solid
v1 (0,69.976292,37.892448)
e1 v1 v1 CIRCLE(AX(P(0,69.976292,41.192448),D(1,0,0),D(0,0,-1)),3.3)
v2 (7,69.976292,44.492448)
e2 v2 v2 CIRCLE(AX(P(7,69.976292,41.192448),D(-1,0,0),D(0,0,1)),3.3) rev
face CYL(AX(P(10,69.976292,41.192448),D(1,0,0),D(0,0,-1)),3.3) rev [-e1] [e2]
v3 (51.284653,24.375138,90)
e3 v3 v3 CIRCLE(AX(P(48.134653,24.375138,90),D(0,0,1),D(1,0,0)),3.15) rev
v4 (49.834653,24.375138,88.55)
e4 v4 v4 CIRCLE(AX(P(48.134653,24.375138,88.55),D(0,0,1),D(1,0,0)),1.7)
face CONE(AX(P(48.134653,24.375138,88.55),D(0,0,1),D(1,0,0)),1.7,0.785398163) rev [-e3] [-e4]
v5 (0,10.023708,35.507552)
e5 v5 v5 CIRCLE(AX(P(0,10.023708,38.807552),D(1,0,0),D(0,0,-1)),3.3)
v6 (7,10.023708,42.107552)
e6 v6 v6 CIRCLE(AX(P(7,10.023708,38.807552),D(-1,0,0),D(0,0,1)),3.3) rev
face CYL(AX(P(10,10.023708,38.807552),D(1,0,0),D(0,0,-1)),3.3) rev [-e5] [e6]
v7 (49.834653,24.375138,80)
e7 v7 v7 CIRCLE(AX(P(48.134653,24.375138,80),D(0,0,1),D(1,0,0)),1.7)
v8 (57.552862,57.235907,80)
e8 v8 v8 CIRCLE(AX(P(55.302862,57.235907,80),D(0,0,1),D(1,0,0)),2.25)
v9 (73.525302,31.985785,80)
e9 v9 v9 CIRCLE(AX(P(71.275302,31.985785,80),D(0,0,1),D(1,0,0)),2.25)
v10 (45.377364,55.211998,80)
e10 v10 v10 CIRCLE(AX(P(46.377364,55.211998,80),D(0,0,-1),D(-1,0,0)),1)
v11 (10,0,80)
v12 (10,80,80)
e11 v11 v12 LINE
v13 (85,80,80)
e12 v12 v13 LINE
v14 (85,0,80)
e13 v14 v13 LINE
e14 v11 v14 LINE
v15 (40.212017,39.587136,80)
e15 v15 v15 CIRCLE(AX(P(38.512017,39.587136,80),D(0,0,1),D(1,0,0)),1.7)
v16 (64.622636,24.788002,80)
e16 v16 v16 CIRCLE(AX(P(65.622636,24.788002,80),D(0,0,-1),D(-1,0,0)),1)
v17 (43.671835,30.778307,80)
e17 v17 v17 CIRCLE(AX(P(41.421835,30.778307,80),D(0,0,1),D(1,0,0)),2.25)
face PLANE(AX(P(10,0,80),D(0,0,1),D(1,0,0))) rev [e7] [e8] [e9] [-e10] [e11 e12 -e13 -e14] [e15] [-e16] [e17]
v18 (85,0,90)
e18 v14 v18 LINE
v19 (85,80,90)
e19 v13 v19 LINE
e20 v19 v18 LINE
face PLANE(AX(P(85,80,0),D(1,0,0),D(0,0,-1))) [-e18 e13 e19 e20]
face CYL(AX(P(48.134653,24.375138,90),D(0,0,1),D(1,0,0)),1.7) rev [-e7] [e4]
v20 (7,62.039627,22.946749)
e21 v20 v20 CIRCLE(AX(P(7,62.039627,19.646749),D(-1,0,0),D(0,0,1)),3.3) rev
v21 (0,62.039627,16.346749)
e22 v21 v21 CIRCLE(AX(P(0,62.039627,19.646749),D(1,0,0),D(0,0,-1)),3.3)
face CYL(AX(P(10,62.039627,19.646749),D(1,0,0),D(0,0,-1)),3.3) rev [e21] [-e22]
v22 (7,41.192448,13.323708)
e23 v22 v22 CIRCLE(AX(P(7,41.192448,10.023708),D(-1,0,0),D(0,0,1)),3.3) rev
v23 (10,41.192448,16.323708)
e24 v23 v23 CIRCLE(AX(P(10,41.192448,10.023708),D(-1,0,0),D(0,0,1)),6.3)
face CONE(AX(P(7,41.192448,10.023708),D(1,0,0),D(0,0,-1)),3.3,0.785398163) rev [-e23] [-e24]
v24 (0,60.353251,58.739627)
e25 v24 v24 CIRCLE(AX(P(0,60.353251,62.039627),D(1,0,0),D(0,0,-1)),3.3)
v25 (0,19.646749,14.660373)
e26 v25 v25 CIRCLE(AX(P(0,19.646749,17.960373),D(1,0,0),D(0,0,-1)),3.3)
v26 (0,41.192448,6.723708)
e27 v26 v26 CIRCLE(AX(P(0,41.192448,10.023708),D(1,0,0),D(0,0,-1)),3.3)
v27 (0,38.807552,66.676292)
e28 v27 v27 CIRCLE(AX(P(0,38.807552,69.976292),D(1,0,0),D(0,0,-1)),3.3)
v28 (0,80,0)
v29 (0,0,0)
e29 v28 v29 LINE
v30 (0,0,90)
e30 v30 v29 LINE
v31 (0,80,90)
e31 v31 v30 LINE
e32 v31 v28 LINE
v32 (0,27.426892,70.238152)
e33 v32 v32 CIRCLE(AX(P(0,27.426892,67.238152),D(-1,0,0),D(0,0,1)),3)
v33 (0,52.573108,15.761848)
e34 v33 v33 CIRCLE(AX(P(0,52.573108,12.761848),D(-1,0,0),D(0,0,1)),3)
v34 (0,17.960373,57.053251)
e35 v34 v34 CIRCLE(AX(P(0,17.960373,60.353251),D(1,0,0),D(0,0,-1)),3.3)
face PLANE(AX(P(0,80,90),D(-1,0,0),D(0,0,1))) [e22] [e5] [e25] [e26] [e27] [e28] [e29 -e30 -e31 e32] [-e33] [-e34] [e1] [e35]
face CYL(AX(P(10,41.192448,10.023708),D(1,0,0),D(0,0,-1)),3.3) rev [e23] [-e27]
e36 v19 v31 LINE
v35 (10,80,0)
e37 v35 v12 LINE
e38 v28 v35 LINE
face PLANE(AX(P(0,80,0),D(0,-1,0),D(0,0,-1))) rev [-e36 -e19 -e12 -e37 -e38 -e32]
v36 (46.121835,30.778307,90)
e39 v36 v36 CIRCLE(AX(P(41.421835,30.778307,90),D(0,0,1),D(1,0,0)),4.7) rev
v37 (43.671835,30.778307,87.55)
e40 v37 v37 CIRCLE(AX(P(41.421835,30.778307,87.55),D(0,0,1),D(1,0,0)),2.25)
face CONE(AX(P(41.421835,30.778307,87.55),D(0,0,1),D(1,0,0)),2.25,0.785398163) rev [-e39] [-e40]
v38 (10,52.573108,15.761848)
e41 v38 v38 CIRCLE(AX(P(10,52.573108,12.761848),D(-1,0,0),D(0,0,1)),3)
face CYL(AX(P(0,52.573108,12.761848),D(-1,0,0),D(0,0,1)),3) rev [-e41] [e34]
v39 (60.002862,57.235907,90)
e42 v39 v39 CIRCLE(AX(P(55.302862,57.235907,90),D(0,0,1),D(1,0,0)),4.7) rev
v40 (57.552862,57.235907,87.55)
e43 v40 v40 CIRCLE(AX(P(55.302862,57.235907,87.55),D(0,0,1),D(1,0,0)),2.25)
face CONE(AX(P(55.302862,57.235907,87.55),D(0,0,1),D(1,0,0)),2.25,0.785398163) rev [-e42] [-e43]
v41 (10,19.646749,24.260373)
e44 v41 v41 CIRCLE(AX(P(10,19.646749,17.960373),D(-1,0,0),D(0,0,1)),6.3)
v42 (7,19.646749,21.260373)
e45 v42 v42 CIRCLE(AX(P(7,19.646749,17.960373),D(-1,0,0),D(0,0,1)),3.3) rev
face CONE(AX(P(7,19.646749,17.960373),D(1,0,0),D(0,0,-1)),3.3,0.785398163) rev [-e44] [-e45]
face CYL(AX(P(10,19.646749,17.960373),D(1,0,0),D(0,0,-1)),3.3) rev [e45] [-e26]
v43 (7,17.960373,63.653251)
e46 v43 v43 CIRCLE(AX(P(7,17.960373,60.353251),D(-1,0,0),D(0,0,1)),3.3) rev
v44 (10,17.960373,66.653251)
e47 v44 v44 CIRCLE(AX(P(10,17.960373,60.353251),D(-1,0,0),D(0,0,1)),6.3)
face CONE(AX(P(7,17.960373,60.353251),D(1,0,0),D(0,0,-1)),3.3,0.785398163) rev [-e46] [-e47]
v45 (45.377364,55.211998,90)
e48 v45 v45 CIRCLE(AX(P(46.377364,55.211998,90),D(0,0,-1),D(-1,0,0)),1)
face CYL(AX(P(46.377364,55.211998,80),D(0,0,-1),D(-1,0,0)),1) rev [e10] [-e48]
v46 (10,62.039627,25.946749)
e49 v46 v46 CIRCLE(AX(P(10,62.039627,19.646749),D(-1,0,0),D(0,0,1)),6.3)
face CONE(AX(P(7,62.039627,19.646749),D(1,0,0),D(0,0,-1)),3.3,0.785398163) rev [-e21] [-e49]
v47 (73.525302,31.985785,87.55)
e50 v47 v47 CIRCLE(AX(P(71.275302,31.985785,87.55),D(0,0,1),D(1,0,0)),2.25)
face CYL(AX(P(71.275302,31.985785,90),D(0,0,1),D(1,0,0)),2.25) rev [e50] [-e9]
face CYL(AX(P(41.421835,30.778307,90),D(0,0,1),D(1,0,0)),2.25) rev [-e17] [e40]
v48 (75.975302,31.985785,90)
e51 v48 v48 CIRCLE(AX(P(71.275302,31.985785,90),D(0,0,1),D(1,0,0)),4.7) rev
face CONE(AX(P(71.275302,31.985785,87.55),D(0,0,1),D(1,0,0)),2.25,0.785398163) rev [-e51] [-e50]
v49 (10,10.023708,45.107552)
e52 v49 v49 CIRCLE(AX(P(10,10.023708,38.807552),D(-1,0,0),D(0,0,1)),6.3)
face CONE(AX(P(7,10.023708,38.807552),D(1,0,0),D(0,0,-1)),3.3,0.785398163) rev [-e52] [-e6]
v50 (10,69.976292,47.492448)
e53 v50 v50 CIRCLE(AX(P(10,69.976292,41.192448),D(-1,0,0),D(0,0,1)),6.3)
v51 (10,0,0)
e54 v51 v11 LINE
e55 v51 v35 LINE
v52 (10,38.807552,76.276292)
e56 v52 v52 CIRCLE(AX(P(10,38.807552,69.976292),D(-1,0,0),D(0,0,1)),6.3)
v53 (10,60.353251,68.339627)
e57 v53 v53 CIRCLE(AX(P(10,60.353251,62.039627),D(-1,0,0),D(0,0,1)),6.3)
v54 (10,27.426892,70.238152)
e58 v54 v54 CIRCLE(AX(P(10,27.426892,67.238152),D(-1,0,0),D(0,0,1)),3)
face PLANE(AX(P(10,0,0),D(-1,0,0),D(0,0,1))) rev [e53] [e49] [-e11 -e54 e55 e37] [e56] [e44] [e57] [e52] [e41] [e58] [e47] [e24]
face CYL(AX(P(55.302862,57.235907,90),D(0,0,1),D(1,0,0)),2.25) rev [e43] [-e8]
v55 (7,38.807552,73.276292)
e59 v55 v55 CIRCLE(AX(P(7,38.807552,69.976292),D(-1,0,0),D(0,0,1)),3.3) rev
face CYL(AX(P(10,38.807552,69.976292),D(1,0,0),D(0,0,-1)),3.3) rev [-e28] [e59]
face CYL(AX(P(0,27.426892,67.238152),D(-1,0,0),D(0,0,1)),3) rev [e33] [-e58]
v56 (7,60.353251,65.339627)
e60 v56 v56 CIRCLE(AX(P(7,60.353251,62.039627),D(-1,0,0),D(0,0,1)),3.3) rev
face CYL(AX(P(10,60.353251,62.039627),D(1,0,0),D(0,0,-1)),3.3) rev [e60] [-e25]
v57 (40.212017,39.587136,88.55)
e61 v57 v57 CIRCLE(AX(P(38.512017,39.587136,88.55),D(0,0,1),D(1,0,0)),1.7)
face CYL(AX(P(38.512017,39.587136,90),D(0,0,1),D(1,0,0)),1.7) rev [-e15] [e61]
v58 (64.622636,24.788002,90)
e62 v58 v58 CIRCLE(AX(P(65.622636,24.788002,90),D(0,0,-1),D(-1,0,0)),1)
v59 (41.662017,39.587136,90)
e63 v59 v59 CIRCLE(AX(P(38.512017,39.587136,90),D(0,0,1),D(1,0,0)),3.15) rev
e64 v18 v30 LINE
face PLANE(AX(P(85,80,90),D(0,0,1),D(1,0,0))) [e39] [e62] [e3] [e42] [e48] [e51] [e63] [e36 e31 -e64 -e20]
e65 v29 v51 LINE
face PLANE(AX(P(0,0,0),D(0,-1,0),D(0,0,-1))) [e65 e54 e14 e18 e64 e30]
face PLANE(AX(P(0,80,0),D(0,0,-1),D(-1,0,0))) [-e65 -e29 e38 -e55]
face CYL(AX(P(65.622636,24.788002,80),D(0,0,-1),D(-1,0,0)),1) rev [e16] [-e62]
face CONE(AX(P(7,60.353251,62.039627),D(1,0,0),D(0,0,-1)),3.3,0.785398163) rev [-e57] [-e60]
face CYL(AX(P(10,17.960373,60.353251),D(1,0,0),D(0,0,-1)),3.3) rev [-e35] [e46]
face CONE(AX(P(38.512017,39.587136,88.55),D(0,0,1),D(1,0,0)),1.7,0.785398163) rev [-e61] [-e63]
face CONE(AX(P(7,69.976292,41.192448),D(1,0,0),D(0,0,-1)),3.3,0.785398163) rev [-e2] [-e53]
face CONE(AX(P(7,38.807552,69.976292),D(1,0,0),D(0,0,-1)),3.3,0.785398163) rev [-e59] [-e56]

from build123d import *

# Parameters (mm, degrees)
SKETCH_1_W                  = 85
SKETCH_1_H                  = 90
EXTRUDE_1_DEPTH             = 80
SKETCH_2_W                  = 75
SKETCH_2_H                  = 80
CUT_EXTRUDE_1_DEPTH         = 148.39402973
HOLE_WIZARD_6_6_6_6_1_D     = 6.6
HOLE_WIZARD_6_0_6_1_D       = 6
HOLE_WIZARD_6_0_6_1_DEPTH   = 85
HOLE_WIZARD_2_0_2_1_D       = 2
HOLE_WIZARD_4_5_4_5_1_D     = 4.5
HOLE_WIZARD_4_5_4_5_1_DEPTH = 90
HOLE_WIZARD_3_4_3_4_1_D     = 3.4
HOLE_WIZARD_3_4_3_4_1_DEPTH = 90
CHAMFER_1_SIZE              = 3
CHAMFER_2_SIZE              = 2.45
CHAMFER_3_SIZE              = 1.45


with BuildPart() as part:
    # 草圖1 → 填料-伸長1 (new body)
    with BuildSketch(Plane.XZ):
        with Locations((42.5, 45)):
            Rectangle(SKETCH_1_W, SKETCH_1_H)
    extrude(amount=-EXTRUDE_1_DEPTH)

    # 草圖2 → 除料-伸長1 (cut, through all)
    with BuildSketch(Plane(origin=(0, 80, 0), x_dir=(-1, 0, 0), z_dir=(0, 1, 0))):
        with Locations((-47.5, 40)):
            Rectangle(SKETCH_2_W, SKETCH_2_H)
    extrude(amount=-CUT_EXTRUDE_1_DEPTH, mode=Mode.SUBTRACT)

    # Ø6.6 (6.6) 直徑孔1 (through all)
    with Locations(Plane(origin=(10, 0, 0), x_dir=(0, 0, -1), z_dir=(1, 0, 0))):
        with Locations((-38.807552288, 10.023708227), (-60.353251324, 17.960372949), (-69.976291773, 38.807552288), (-62.039627051, 60.353251324), (-41.192447712, 69.976291773), (-19.646748676, 62.039627051), (-10.023708227, 41.192447712), (-17.960372949, 19.646748676)):
            Hole(HOLE_WIZARD_6_6_6_6_1_D / 2)

    # Ø6.0 (6) 直徑孔1
    with Locations(Plane.ZY):
        with Locations((12.761847554, 52.57310826), (67.238152446, 27.42689174)):
            Hole(HOLE_WIZARD_6_0_6_1_D / 2, depth=HOLE_WIZARD_6_0_6_1_DEPTH)

    # Ø2.0 (2) 直徑孔1 (through all)
    with Locations(Plane(origin=(0, 0, 80), x_dir=(-1, 0, 0), z_dir=(0, 0, -1))):
        with Locations((-46.377364171, 55.211997886), (-65.622635829, 24.788002114)):
            Hole(HOLE_WIZARD_2_0_2_1_D / 2)

    # Ø4.5 (4.5) 直徑孔1
    with Locations(Plane.XY.offset(90)):
        with Locations((71.275302439, 31.985785415), (41.421835359, 30.77830733), (55.302862202, 57.235907255)):
            Hole(HOLE_WIZARD_4_5_4_5_1_D / 2, depth=HOLE_WIZARD_4_5_4_5_1_DEPTH)

    # Ø3.4 (3.4) 直徑孔1
    with Locations(Plane.XY.offset(90)):
        with Locations((48.134653009, 24.375137866), (38.51201718, 39.587135752)):
            Hole(HOLE_WIZARD_3_4_3_4_1_D / 2, depth=HOLE_WIZARD_3_4_3_4_1_DEPTH)

    # 導角1
    chamfer_1_edges = [part.edges().sort_by_distance(p)[0] for p in [
        (10, 19.646748676, 14.660372949),
        (10, 41.192447712, 6.723708227),
        (10, 62.039627051, 16.346748676),
        (10, 69.976291773, 37.892447712),
        (10, 60.353251324, 58.739627051),
        (10, 38.807552288, 66.676291773),
        (10, 17.960372949, 57.053251324),
        (10, 10.023708227, 35.507552288),
    ]]
    chamfer(chamfer_1_edges, length=CHAMFER_1_SIZE)

    # 導角2
    chamfer_2_edges = [part.edges().sort_by_distance(p)[0] for p in [
        (43.671835359, 30.77830733, 90),
        (73.525302439, 31.985785415, 90),
        (57.552862202, 57.235907255, 90),
    ]]
    chamfer(chamfer_2_edges, length=CHAMFER_2_SIZE)

    # 導角3
    chamfer_3_edges = [part.edges().sort_by_distance(p)[0] for p in [
        (40.21201718, 39.587135752, 90),
        (49.834653009, 24.375137866, 90),
    ]]
    chamfer(chamfer_3_edges, length=CHAMFER_3_SIZE)


solid = part.part
